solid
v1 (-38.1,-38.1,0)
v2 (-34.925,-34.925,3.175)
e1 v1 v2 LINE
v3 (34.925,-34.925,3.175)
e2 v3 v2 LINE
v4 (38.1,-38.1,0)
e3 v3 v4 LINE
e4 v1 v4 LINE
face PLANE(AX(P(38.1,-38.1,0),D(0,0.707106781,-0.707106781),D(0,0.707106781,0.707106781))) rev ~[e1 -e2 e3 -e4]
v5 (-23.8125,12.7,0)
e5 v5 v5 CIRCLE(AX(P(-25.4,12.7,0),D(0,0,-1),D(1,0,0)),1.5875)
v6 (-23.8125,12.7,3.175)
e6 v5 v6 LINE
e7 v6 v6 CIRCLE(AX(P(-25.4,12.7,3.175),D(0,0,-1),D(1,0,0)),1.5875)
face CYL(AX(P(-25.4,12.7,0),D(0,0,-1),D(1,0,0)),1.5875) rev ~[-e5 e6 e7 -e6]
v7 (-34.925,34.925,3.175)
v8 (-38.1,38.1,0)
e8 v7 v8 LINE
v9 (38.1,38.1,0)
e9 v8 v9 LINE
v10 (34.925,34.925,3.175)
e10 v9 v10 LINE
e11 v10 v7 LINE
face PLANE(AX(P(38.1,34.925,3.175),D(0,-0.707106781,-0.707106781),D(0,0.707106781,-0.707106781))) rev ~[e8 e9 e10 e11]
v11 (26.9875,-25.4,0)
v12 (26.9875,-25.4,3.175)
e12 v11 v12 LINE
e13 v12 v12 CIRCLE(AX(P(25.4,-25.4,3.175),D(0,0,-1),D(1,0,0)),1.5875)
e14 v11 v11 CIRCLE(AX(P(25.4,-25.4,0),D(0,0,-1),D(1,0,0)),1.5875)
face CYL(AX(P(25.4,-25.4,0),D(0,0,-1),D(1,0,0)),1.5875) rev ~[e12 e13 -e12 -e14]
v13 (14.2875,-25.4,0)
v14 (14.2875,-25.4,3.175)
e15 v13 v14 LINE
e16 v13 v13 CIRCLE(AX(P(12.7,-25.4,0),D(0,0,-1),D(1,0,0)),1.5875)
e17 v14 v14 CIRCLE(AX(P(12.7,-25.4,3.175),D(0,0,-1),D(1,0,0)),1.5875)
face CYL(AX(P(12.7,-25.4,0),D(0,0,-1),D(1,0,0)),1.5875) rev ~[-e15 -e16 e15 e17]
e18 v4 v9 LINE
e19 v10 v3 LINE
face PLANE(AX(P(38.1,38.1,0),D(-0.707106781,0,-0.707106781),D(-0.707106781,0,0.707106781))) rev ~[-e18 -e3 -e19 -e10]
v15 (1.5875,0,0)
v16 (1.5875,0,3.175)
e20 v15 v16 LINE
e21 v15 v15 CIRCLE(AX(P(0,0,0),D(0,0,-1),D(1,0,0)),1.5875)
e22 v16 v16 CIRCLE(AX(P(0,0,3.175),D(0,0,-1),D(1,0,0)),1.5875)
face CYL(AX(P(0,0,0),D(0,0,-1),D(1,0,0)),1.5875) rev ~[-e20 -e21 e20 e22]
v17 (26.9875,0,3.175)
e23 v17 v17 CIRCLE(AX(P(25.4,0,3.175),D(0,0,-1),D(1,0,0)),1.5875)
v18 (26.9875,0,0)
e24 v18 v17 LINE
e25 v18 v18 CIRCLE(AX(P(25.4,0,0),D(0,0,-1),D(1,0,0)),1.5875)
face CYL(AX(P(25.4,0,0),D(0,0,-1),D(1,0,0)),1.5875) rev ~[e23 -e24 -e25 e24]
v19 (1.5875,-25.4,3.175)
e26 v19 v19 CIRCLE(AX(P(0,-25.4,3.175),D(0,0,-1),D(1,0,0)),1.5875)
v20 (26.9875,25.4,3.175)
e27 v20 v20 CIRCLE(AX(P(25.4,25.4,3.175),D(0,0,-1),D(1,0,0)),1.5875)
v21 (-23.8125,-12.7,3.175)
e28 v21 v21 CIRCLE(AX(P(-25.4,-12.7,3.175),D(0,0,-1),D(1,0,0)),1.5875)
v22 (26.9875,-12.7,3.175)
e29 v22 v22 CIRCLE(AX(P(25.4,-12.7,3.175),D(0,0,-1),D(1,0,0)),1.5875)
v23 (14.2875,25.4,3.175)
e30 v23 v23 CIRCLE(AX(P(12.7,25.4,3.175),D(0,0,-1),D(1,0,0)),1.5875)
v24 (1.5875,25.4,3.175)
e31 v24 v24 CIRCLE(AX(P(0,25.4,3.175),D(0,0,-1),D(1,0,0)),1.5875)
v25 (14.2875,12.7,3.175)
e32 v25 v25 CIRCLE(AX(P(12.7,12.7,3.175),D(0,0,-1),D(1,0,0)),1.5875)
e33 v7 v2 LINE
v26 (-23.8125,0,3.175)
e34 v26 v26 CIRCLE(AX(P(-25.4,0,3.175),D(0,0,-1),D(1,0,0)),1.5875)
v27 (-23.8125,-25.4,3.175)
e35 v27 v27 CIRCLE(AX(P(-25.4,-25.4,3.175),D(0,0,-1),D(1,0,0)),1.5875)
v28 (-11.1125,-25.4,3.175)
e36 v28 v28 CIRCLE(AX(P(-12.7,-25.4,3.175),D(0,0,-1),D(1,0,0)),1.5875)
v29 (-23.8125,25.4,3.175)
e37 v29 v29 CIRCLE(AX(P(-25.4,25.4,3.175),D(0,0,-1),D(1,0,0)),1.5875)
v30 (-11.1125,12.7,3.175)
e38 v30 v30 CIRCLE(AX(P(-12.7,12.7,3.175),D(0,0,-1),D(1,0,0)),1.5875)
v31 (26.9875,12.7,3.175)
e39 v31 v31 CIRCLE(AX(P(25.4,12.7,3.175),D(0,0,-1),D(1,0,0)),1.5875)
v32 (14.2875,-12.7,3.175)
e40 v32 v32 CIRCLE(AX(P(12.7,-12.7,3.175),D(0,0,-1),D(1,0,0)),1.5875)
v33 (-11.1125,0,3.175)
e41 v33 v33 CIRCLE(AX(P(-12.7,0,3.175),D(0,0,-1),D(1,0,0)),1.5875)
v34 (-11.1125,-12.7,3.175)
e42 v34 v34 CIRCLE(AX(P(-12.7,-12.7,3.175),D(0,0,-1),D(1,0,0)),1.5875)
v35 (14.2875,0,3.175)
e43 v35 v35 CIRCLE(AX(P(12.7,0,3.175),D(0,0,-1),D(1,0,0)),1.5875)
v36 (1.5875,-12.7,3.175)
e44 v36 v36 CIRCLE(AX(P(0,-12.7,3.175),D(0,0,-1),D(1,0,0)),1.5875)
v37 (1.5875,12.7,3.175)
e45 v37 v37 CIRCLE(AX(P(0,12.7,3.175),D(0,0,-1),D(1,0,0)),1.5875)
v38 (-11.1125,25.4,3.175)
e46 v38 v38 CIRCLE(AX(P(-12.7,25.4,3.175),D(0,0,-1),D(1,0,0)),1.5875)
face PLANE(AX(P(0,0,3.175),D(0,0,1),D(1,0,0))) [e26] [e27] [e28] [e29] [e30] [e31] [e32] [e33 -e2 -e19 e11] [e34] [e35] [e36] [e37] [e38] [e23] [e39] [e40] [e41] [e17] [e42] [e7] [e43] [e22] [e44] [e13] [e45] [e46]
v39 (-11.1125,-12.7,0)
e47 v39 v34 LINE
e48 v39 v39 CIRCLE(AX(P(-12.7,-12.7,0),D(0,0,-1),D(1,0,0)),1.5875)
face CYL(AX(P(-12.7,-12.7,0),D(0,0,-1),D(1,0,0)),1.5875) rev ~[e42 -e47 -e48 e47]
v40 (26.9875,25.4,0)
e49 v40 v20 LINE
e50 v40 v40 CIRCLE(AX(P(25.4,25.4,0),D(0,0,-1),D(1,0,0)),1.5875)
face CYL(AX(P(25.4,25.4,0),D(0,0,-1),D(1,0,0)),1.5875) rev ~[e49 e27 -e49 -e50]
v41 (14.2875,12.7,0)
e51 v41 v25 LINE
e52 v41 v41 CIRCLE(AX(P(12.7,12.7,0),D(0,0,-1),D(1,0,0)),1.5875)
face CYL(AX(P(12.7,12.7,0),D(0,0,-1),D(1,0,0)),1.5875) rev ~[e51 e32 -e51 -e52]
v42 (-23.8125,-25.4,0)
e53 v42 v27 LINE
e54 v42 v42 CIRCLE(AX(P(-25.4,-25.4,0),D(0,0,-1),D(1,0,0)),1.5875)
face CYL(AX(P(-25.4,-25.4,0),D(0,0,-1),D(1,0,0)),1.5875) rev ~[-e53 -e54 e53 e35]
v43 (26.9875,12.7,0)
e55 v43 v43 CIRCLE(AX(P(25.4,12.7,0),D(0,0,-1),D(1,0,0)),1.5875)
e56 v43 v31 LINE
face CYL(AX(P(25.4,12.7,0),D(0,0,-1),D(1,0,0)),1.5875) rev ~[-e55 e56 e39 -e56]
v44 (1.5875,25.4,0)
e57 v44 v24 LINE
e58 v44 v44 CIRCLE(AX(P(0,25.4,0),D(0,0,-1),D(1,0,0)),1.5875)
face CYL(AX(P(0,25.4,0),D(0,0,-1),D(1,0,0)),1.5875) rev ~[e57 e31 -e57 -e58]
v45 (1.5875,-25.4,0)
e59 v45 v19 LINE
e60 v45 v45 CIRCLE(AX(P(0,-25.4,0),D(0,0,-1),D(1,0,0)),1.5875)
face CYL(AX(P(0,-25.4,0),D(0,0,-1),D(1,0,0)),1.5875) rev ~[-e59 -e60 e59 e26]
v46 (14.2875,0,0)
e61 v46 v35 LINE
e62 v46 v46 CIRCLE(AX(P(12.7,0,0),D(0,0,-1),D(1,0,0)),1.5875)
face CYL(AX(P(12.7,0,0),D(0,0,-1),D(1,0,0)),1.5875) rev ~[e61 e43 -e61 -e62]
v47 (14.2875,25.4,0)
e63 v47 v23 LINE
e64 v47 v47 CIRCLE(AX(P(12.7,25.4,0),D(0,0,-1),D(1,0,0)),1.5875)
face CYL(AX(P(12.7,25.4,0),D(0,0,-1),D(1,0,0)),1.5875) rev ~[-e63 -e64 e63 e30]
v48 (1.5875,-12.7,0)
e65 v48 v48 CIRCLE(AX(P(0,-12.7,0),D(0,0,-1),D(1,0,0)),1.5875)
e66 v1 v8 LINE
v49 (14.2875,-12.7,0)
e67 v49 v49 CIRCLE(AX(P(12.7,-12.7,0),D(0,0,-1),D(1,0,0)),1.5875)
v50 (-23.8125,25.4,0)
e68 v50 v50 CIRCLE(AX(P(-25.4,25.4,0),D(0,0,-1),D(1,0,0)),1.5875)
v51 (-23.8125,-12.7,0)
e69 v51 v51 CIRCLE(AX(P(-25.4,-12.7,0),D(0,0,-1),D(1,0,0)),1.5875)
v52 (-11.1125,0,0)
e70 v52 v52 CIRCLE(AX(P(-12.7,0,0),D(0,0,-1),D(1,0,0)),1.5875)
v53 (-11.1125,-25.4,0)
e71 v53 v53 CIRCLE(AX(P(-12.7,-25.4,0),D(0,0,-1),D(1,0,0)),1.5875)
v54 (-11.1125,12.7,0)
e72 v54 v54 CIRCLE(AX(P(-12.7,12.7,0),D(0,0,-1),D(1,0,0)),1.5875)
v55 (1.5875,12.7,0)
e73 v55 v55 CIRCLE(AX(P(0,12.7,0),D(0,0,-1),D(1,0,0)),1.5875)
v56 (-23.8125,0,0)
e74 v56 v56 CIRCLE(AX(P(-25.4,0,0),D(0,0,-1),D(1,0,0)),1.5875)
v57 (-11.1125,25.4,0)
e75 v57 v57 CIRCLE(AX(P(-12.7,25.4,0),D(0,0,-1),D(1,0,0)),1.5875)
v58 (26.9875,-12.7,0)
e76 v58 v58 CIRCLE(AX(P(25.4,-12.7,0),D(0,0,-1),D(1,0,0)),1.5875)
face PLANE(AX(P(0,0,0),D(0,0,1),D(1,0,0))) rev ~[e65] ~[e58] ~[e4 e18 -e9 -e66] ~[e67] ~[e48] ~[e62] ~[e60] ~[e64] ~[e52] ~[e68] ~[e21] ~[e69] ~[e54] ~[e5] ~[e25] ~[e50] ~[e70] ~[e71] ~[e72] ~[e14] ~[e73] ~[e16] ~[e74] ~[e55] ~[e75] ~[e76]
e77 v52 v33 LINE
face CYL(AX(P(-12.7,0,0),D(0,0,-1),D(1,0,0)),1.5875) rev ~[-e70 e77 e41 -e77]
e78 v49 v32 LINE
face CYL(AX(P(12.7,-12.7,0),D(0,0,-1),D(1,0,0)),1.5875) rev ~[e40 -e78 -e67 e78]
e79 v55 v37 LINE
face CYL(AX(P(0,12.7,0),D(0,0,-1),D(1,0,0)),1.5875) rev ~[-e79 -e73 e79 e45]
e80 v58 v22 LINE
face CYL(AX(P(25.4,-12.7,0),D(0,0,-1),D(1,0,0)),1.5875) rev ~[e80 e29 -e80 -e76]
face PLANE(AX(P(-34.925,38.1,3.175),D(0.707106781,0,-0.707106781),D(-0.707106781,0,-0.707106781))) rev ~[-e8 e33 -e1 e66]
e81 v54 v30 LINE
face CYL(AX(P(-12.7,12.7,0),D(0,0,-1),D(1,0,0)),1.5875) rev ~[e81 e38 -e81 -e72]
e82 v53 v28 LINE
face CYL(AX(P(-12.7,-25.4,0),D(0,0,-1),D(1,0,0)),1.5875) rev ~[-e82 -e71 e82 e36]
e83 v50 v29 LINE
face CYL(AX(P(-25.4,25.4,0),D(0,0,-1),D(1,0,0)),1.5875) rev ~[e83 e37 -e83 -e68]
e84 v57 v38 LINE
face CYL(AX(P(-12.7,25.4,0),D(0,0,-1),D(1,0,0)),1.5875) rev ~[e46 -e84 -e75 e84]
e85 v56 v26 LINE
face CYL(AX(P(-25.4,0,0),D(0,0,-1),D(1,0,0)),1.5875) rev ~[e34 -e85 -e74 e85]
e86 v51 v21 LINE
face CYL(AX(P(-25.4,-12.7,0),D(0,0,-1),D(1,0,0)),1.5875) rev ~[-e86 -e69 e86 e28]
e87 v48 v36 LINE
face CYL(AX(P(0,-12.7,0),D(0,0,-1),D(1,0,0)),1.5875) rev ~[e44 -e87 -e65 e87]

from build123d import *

# Parameters (mm, degrees)
F0_W     = 76.2
F0_H     = 76.2
F1_DEPTH = 3.175
F4_DEPTH = 76.2
F5_DEPTH = 76.2
F6_R     = 1.5875
F7_DEPTH = 3.176


with BuildPart() as f1:
    # F0 (on Top) → F1 (new body)
    with BuildSketch(Plane.XY):
        Rectangle(F0_W, F0_H)
    extrude(amount=F1_DEPTH)

    # F3 (on face) → F4 (cut)
    with BuildSketch(Plane(origin=(0, 38.1, 0), x_dir=(-1, 0, 0), z_dir=(0, 1, 0))):
        Polygon((-38.1, 3.175), (-38.1, 0), (-34.925, 3.175), align=None)
        Polygon((34.925, 3.175), (38.1, 0), (38.1, 3.175), align=None)
    extrude(amount=-F4_DEPTH, mode=Mode.SUBTRACT)

    # F2 (on face) → F5 (cut)
    with BuildSketch(Plane.YZ.offset(38.1)):
        Polygon((34.925, 3.175), (38.1, 0), (38.1, 3.175), align=None)
        Polygon((-38.1, 3.175), (-38.1, 0), (-34.925, 3.175), align=None)
    extrude(amount=-F5_DEPTH, mode=Mode.SUBTRACT)

    # F6 (on face) → F7 (cut, through all)
    with BuildSketch(Plane(origin=(0, 0, 0), x_dir=(1, 0, 0), z_dir=(0, 0, -1))):
        with Locations((-25.4, 25.4)):
            Circle(F6_R)
        with Locations((-12.7, 25.4)):
            Circle(F6_R)
        with Locations((12.7, 25.4)):
            Circle(F6_R)
        with Locations((25.4, 25.4)):
            Circle(F6_R)
        with Locations((0, 25.4)):
            Circle(F6_R)
        with Locations((0, 12.7)):
            Circle(F6_R)
        with Locations((-12.7, 12.7)):
            Circle(F6_R)
        with Locations((-25.4, 12.7)):
            Circle(F6_R)
        with Locations((-25.4, 0)):
            Circle(F6_R)
        with Locations((-12.7, 0)):
            Circle(F6_R)
        Circle(F6_R)
        with Locations((12.7, 12.7)):
            Circle(F6_R)
        with Locations((25.4, 12.7)):
            Circle(F6_R)
        with Locations((25.4, 0)):
            Circle(F6_R)
        with Locations((12.7, 0)):
            Circle(F6_R)
        with Locations((-25.4, -12.7)):
            Circle(F6_R)
        with Locations((-25.4, -25.4)):
            Circle(F6_R)
        with Locations((-12.7, -25.4)):
            Circle(F6_R)
        with Locations((0, -25.4)):
            Circle(F6_R)
        with Locations((12.7, -25.4)):
            Circle(F6_R)
        with Locations((25.4, -25.4)):
            Circle(F6_R)
        with Locations((25.4, -12.7)):
            Circle(F6_R)
        with Locations((12.7, -12.7)):
            Circle(F6_R)
        with Locations((0, -12.7)):
            Circle(F6_R)
        with Locations((-12.7, -12.7)):
            Circle(F6_R)
    extrude(amount=-F7_DEPTH, mode=Mode.SUBTRACT)


solid = f1.part
